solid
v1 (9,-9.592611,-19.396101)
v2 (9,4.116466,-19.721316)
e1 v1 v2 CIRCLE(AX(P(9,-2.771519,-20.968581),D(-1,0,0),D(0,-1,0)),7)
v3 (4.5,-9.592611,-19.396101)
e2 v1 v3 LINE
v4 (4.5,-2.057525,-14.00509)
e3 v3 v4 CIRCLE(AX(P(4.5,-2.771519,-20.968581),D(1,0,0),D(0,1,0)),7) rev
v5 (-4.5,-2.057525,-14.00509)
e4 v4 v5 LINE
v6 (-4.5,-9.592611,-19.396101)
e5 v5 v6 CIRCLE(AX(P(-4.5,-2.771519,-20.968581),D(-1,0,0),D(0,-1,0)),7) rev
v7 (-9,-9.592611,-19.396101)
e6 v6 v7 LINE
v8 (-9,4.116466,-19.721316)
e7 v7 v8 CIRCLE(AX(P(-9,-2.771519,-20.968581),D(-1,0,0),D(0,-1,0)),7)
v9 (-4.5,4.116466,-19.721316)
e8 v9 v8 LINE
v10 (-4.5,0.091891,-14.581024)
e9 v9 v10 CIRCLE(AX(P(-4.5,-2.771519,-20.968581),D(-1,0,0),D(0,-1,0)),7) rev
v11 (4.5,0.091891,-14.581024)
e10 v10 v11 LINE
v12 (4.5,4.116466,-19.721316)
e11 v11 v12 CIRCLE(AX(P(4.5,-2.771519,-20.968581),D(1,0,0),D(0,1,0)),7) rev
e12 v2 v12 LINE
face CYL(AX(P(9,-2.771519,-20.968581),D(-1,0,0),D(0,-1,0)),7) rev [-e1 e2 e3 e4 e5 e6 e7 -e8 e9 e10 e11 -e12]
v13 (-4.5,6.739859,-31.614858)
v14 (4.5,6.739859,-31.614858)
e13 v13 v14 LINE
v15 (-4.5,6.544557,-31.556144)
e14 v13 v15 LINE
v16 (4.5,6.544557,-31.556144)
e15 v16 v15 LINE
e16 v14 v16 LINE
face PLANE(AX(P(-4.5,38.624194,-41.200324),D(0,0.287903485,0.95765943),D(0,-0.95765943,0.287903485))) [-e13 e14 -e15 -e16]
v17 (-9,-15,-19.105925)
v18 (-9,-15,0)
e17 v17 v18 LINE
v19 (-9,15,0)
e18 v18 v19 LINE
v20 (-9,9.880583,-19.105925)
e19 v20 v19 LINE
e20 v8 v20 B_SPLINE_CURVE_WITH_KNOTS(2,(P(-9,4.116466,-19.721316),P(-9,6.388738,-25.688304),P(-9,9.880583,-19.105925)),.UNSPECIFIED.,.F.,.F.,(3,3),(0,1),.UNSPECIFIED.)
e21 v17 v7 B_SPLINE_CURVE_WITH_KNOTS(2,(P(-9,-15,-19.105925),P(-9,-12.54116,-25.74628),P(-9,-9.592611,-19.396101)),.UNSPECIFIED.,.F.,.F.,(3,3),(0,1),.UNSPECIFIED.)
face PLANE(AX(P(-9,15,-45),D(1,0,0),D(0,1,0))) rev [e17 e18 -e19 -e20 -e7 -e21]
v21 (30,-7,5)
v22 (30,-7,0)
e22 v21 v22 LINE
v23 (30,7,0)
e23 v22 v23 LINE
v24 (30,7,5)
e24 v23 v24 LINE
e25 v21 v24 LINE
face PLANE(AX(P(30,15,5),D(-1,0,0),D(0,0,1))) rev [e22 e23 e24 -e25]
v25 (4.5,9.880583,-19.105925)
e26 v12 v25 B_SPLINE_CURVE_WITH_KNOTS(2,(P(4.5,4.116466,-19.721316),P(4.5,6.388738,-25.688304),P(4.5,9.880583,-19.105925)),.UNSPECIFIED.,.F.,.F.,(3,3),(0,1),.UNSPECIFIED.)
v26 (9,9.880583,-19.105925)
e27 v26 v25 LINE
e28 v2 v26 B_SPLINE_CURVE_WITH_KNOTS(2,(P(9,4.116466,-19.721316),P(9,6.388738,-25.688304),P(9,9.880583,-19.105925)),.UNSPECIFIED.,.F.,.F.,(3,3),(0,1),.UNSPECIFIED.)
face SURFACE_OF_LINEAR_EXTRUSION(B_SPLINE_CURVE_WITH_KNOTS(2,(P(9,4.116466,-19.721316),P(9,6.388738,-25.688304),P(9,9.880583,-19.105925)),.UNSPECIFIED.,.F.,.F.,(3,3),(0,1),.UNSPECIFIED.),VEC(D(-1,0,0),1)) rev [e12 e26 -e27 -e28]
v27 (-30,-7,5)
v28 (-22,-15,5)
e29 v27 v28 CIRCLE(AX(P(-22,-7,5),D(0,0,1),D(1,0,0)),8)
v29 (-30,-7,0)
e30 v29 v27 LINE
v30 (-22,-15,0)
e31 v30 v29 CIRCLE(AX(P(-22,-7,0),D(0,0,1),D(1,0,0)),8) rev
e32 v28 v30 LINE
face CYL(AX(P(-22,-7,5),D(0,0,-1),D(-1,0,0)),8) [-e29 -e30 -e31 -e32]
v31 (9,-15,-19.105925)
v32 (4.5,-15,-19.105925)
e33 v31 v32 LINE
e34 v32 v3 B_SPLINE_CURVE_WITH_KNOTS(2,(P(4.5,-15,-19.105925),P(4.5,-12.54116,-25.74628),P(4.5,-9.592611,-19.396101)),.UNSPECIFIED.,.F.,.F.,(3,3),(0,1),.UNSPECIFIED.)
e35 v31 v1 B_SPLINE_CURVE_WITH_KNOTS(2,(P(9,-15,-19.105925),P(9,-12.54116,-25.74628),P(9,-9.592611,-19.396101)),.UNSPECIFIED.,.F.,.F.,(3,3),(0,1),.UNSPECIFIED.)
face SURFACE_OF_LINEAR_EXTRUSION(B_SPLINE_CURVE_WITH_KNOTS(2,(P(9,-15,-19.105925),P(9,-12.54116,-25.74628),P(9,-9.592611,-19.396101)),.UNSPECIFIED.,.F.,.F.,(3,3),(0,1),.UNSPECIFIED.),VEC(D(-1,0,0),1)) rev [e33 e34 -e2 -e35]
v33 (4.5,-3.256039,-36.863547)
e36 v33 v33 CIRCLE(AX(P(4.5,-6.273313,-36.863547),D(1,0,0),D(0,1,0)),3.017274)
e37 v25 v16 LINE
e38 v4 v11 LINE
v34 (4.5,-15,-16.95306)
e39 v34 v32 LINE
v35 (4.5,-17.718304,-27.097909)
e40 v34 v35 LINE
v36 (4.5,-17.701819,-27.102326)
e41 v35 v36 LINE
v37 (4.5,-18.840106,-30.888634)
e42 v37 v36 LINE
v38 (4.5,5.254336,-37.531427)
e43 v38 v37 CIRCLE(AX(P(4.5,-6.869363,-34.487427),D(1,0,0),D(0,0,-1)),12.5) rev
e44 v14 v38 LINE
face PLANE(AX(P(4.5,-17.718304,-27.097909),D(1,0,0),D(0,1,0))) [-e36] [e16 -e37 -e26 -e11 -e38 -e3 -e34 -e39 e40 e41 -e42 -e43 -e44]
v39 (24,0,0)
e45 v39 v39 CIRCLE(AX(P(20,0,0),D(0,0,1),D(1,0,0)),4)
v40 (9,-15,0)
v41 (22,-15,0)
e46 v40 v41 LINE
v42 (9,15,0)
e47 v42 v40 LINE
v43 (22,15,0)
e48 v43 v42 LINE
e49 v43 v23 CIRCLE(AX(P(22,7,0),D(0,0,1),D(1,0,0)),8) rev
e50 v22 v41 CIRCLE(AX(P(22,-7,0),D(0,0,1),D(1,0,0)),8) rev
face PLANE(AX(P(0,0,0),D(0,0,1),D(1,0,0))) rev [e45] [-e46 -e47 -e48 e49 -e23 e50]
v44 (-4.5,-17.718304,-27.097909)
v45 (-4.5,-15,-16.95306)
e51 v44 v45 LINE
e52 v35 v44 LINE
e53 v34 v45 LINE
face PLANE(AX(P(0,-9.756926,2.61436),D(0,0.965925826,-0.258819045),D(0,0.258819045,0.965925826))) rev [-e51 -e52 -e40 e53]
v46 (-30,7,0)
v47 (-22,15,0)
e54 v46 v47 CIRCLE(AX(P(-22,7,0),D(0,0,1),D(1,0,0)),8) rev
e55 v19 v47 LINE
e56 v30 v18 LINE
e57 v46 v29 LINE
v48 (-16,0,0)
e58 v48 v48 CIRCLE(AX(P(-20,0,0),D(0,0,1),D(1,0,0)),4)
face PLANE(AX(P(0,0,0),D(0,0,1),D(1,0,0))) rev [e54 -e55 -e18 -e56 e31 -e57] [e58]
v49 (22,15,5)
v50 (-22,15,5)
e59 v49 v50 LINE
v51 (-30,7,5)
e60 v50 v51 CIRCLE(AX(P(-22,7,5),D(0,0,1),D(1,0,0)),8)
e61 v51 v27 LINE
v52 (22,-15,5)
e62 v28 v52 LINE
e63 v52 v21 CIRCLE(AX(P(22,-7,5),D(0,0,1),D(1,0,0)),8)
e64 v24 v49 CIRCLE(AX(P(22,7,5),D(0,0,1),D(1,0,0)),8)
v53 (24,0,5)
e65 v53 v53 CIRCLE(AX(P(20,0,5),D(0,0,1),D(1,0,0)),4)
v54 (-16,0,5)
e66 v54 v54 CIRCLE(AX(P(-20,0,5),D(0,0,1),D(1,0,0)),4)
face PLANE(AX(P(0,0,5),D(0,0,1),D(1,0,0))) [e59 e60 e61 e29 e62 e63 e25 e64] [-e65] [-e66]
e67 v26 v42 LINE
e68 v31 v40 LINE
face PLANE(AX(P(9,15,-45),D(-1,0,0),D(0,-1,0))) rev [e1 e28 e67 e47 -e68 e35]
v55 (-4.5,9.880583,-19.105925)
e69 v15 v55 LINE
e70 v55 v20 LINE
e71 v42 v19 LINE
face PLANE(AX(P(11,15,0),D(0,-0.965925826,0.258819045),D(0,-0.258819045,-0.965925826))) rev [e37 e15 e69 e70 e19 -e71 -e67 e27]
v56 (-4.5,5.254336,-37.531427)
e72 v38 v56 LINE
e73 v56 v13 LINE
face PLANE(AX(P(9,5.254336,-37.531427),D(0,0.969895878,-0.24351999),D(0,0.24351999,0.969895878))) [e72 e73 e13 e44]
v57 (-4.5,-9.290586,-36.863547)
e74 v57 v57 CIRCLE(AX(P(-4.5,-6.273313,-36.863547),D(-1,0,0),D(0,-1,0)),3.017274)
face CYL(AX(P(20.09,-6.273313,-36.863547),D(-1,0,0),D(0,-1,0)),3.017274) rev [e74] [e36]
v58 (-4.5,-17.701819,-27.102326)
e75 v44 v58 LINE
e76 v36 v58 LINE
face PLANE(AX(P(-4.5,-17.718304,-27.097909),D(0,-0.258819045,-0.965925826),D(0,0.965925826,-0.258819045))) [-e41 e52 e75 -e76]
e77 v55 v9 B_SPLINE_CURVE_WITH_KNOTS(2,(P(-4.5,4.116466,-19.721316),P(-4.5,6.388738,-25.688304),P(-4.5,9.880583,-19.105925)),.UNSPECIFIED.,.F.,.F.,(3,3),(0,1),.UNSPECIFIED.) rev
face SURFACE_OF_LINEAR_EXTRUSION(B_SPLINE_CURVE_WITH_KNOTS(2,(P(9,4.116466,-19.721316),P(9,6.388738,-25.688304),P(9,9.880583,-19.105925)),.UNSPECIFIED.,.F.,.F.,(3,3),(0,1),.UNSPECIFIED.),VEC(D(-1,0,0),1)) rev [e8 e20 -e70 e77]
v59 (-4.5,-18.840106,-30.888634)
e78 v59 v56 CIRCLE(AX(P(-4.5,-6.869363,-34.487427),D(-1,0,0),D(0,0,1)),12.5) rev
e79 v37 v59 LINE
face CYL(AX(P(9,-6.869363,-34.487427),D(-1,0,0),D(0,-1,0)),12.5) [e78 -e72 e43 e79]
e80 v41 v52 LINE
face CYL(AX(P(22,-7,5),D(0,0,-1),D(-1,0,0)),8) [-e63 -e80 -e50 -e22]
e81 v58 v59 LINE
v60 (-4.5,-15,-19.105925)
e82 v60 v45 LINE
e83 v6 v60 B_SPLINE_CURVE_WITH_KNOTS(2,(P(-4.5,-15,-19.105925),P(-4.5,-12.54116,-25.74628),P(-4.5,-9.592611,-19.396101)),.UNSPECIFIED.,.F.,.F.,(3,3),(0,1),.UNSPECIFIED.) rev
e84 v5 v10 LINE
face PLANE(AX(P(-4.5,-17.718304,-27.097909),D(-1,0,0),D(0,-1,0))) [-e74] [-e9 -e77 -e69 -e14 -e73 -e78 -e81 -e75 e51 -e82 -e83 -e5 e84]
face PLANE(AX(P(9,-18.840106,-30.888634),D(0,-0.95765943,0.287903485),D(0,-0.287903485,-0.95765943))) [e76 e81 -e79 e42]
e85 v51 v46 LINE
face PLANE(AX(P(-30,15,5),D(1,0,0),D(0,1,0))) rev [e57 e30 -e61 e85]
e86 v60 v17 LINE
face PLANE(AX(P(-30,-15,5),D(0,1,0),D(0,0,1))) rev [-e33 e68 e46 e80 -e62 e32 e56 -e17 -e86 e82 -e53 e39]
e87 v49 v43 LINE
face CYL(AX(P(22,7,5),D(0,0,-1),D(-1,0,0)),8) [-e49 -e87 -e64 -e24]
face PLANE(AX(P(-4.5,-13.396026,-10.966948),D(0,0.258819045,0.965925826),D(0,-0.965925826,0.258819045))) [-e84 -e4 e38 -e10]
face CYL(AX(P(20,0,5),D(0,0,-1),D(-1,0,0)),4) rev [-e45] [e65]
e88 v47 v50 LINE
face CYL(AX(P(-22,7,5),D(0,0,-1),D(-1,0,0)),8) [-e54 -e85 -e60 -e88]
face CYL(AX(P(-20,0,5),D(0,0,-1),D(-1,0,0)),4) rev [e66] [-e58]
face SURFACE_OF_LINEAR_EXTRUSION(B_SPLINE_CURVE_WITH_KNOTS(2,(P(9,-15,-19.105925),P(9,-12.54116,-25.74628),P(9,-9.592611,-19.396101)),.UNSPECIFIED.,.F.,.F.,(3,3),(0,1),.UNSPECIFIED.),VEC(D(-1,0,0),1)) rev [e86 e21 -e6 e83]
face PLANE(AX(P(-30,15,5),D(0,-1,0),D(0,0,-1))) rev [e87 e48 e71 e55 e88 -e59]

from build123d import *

# Parameters (mm, degrees)
SKETCH6_W            = 60
SKETCH6_H            = 30
SKETCH6_R            = 4
BOSS_EXTRUDE1_DEPTH  = 5
FILLET3_R            = 8
SKETCH8_W            = 18
SKETCH8_H            = 30
BOSS_EXTRUDE2_DEPTH  = 45
CUT_EXTRUDE1_DEPTH   = 20
CUT_EXTRUDE3_DEPTH   = 18
CUT_EXTRUDE4_DEPTH   = 18
BOSS_EXTRUDE4_DEPTH  = 18
SKETCH22_OUTSIDE_W   = 79.302
SKETCH22_OUTSIDE_H   = 78.983
SKETCH22_OUTSIDE_W_2 = 9
SKETCH22_OUTSIDE_H_2 = 23.546077941
CUT_EXTRUDE5_DEPTH   = 58
SKETCH26_W           = 9
SKETCH26_H           = 16.7
BOSS_EXTRUDE6_DEPTH  = 24.59
SKETCH27_R           = 3.017273599
CUT_EXTRUDE6_DEPTH   = 24.59


with BuildPart() as part:
    # Sketch6 → Boss-Extrude1 (new body)
    with BuildSketch(Plane.XY):
        Rectangle(SKETCH6_W, SKETCH6_H)
        with Locations((-20, 0)):
            Circle(SKETCH6_R, mode=Mode.SUBTRACT)
        with Locations((20, 0)):
            Circle(SKETCH6_R, mode=Mode.SUBTRACT)
    extrude(amount=BOSS_EXTRUDE1_DEPTH)

    # Fillet3
    fillet3_edges = [part.edges().sort_by_distance(p)[0] for p in [
        (30, -15, 2.5),
        (-30, -15, 2.5),
        (-30, 15, 2.5),
        (30, 15, 2.5),
    ]]
    fillet(fillet3_edges, radius=FILLET3_R)

    # Sketch8 → Boss-Extrude2 (add)
    with BuildSketch(Plane(origin=(0, 0, 0), x_dir=(-1, 0, 0), z_dir=(0, 0, -1))):
        Rectangle(SKETCH8_W, SKETCH8_H)
    extrude(amount=BOSS_EXTRUDE2_DEPTH)

    # Sketch10 → Cut-Extrude1 (cut)
    with BuildSketch(Plane.ZY.offset(9)):
        Polygon((0, 15), (-45, 2.942286341), (-45, 15), align=None)
    extrude(amount=-CUT_EXTRUDE1_DEPTH, mode=Mode.SUBTRACT)

    # Sketch17 → Cut-Extrude3 (cut)
    with BuildSketch(Plane.ZY.offset(9)):
        with BuildLine():
            Line((-19.10592487, 9.880582861), (-33.795007399, 5.944655059))
            Line((-33.795007399, 5.944655059), (-33.112800495, -15))
            Line((-33.112800495, -15), (-19.10592487, -15))
            add(Edge.make_bspline(
                [(-19.396101376, -9.592611332), (-25.746279691, -12.541160343), (-19.10592487, -15)],
                knots=[0, 0, 0, 1, 1, 1], degree=2))
            ThreePointArc((-19.396101376, -9.592611332), (-13.970550224, -2.605507152), (-19.721316162, 4.116465866))
            add(Edge.make_bspline(
                [(-19.10592487, 9.880582861), (-25.688303674, 6.38873808), (-19.721316162, 4.116465866)],
                knots=[0, 0, 0, 1, 1, 1], degree=2))
        make_face()
    extrude(amount=-CUT_EXTRUDE3_DEPTH, mode=Mode.SUBTRACT)


with BuildPart() as cut_extrude3_piece_1:
    # of the separate pieces the step leaves, piece 1, a body of its own (cut_extrude3_pieces)
    add(part.part.solids().sort_by_distance((-22, 15, 0))[0])



with BuildPart() as cut_extrude3_piece_2:
    # of the separate pieces the step leaves, piece 2, a body of its own (cut_extrude3_pieces)
    add(part.part.solids().sort_by_distance((-9, 5.944655059, -33.795007399))[0])

    # Sketch18 → Cut-Extrude4 (cut)
    with BuildSketch(Plane.ZY.offset(9)):
        Polygon((-45, 2.942286341), (-33.795007399, 5.944655059), (-33.112800495, -15), (-45, -15), align=None)
    extrude(amount=-CUT_EXTRUDE4_DEPTH, mode=Mode.SUBTRACT)


with BuildPart() as body_2:
    # Sketch20 → Boss-Extrude4 (new body)
    with BuildSketch(Plane.ZY.offset(9)):
        with BuildLine():
            Line((-37.531427351, 5.25433557), (-25.054150065, 8.387111476))
            Line((-25.054150065, 8.387111476), (-24.501921516, -16.92005289))
            Line((-24.501921516, -16.92005289), (-30.888633919, -18.84010578))
            ThreePointArc((-30.888633919, -18.84010578), (-46.53784137, -10.191639988), (-37.531427351, 5.25433557))
        make_face()
    extrude(amount=-BOSS_EXTRUDE4_DEPTH)

    # Sketch22 outside → Cut-Extrude5 (cut)
    with BuildSketch(Plane(origin=(0, -8.762066283, 2.634161307), x_dir=(1, 0, 0), z_dir=(0, -0.9576594298343689, 0.2879034846077966))):
        with Locations((0, -20.7335)):
            Rectangle(SKETCH22_OUTSIDE_W, SKETCH22_OUTSIDE_H)
        with Locations((0, -40.108877346)):
            Rectangle(SKETCH22_OUTSIDE_W_2, SKETCH22_OUTSIDE_H_2, mode=Mode.SUBTRACT)
    extrude(amount=-CUT_EXTRUDE5_DEPTH, mode=Mode.SUBTRACT)


with BuildPart() as cut_extrude3_piece_1_1:
    add(cut_extrude3_piece_1.part)

    add(body_2.part)  # Boss-Extrude6 merges body 2
    # Sketch26 → Boss-Extrude6 (add)
    with BuildSketch(Plane(origin=(0, 13.995190528, -3.75), x_dir=(1, 0, 0), z_dir=(0, 0.9659258262890699, -0.2588190451025147))):
        with Locations((0, 22.410404796)):
            Rectangle(SKETCH26_W, SKETCH26_H)
    extrude(amount=-BOSS_EXTRUDE6_DEPTH)

    # Sketch27 → Cut-Extrude6 (cut)
    with BuildSketch(Plane.ZY.offset(4.5)):
        with Locations(Location((-36.863547302, -6.273312821, 0), (0, 0, 270))):
            Circle(SKETCH27_R)
    extrude(amount=-CUT_EXTRUDE6_DEPTH, mode=Mode.SUBTRACT)


solid = cut_extrude3_piece_1_1.part
